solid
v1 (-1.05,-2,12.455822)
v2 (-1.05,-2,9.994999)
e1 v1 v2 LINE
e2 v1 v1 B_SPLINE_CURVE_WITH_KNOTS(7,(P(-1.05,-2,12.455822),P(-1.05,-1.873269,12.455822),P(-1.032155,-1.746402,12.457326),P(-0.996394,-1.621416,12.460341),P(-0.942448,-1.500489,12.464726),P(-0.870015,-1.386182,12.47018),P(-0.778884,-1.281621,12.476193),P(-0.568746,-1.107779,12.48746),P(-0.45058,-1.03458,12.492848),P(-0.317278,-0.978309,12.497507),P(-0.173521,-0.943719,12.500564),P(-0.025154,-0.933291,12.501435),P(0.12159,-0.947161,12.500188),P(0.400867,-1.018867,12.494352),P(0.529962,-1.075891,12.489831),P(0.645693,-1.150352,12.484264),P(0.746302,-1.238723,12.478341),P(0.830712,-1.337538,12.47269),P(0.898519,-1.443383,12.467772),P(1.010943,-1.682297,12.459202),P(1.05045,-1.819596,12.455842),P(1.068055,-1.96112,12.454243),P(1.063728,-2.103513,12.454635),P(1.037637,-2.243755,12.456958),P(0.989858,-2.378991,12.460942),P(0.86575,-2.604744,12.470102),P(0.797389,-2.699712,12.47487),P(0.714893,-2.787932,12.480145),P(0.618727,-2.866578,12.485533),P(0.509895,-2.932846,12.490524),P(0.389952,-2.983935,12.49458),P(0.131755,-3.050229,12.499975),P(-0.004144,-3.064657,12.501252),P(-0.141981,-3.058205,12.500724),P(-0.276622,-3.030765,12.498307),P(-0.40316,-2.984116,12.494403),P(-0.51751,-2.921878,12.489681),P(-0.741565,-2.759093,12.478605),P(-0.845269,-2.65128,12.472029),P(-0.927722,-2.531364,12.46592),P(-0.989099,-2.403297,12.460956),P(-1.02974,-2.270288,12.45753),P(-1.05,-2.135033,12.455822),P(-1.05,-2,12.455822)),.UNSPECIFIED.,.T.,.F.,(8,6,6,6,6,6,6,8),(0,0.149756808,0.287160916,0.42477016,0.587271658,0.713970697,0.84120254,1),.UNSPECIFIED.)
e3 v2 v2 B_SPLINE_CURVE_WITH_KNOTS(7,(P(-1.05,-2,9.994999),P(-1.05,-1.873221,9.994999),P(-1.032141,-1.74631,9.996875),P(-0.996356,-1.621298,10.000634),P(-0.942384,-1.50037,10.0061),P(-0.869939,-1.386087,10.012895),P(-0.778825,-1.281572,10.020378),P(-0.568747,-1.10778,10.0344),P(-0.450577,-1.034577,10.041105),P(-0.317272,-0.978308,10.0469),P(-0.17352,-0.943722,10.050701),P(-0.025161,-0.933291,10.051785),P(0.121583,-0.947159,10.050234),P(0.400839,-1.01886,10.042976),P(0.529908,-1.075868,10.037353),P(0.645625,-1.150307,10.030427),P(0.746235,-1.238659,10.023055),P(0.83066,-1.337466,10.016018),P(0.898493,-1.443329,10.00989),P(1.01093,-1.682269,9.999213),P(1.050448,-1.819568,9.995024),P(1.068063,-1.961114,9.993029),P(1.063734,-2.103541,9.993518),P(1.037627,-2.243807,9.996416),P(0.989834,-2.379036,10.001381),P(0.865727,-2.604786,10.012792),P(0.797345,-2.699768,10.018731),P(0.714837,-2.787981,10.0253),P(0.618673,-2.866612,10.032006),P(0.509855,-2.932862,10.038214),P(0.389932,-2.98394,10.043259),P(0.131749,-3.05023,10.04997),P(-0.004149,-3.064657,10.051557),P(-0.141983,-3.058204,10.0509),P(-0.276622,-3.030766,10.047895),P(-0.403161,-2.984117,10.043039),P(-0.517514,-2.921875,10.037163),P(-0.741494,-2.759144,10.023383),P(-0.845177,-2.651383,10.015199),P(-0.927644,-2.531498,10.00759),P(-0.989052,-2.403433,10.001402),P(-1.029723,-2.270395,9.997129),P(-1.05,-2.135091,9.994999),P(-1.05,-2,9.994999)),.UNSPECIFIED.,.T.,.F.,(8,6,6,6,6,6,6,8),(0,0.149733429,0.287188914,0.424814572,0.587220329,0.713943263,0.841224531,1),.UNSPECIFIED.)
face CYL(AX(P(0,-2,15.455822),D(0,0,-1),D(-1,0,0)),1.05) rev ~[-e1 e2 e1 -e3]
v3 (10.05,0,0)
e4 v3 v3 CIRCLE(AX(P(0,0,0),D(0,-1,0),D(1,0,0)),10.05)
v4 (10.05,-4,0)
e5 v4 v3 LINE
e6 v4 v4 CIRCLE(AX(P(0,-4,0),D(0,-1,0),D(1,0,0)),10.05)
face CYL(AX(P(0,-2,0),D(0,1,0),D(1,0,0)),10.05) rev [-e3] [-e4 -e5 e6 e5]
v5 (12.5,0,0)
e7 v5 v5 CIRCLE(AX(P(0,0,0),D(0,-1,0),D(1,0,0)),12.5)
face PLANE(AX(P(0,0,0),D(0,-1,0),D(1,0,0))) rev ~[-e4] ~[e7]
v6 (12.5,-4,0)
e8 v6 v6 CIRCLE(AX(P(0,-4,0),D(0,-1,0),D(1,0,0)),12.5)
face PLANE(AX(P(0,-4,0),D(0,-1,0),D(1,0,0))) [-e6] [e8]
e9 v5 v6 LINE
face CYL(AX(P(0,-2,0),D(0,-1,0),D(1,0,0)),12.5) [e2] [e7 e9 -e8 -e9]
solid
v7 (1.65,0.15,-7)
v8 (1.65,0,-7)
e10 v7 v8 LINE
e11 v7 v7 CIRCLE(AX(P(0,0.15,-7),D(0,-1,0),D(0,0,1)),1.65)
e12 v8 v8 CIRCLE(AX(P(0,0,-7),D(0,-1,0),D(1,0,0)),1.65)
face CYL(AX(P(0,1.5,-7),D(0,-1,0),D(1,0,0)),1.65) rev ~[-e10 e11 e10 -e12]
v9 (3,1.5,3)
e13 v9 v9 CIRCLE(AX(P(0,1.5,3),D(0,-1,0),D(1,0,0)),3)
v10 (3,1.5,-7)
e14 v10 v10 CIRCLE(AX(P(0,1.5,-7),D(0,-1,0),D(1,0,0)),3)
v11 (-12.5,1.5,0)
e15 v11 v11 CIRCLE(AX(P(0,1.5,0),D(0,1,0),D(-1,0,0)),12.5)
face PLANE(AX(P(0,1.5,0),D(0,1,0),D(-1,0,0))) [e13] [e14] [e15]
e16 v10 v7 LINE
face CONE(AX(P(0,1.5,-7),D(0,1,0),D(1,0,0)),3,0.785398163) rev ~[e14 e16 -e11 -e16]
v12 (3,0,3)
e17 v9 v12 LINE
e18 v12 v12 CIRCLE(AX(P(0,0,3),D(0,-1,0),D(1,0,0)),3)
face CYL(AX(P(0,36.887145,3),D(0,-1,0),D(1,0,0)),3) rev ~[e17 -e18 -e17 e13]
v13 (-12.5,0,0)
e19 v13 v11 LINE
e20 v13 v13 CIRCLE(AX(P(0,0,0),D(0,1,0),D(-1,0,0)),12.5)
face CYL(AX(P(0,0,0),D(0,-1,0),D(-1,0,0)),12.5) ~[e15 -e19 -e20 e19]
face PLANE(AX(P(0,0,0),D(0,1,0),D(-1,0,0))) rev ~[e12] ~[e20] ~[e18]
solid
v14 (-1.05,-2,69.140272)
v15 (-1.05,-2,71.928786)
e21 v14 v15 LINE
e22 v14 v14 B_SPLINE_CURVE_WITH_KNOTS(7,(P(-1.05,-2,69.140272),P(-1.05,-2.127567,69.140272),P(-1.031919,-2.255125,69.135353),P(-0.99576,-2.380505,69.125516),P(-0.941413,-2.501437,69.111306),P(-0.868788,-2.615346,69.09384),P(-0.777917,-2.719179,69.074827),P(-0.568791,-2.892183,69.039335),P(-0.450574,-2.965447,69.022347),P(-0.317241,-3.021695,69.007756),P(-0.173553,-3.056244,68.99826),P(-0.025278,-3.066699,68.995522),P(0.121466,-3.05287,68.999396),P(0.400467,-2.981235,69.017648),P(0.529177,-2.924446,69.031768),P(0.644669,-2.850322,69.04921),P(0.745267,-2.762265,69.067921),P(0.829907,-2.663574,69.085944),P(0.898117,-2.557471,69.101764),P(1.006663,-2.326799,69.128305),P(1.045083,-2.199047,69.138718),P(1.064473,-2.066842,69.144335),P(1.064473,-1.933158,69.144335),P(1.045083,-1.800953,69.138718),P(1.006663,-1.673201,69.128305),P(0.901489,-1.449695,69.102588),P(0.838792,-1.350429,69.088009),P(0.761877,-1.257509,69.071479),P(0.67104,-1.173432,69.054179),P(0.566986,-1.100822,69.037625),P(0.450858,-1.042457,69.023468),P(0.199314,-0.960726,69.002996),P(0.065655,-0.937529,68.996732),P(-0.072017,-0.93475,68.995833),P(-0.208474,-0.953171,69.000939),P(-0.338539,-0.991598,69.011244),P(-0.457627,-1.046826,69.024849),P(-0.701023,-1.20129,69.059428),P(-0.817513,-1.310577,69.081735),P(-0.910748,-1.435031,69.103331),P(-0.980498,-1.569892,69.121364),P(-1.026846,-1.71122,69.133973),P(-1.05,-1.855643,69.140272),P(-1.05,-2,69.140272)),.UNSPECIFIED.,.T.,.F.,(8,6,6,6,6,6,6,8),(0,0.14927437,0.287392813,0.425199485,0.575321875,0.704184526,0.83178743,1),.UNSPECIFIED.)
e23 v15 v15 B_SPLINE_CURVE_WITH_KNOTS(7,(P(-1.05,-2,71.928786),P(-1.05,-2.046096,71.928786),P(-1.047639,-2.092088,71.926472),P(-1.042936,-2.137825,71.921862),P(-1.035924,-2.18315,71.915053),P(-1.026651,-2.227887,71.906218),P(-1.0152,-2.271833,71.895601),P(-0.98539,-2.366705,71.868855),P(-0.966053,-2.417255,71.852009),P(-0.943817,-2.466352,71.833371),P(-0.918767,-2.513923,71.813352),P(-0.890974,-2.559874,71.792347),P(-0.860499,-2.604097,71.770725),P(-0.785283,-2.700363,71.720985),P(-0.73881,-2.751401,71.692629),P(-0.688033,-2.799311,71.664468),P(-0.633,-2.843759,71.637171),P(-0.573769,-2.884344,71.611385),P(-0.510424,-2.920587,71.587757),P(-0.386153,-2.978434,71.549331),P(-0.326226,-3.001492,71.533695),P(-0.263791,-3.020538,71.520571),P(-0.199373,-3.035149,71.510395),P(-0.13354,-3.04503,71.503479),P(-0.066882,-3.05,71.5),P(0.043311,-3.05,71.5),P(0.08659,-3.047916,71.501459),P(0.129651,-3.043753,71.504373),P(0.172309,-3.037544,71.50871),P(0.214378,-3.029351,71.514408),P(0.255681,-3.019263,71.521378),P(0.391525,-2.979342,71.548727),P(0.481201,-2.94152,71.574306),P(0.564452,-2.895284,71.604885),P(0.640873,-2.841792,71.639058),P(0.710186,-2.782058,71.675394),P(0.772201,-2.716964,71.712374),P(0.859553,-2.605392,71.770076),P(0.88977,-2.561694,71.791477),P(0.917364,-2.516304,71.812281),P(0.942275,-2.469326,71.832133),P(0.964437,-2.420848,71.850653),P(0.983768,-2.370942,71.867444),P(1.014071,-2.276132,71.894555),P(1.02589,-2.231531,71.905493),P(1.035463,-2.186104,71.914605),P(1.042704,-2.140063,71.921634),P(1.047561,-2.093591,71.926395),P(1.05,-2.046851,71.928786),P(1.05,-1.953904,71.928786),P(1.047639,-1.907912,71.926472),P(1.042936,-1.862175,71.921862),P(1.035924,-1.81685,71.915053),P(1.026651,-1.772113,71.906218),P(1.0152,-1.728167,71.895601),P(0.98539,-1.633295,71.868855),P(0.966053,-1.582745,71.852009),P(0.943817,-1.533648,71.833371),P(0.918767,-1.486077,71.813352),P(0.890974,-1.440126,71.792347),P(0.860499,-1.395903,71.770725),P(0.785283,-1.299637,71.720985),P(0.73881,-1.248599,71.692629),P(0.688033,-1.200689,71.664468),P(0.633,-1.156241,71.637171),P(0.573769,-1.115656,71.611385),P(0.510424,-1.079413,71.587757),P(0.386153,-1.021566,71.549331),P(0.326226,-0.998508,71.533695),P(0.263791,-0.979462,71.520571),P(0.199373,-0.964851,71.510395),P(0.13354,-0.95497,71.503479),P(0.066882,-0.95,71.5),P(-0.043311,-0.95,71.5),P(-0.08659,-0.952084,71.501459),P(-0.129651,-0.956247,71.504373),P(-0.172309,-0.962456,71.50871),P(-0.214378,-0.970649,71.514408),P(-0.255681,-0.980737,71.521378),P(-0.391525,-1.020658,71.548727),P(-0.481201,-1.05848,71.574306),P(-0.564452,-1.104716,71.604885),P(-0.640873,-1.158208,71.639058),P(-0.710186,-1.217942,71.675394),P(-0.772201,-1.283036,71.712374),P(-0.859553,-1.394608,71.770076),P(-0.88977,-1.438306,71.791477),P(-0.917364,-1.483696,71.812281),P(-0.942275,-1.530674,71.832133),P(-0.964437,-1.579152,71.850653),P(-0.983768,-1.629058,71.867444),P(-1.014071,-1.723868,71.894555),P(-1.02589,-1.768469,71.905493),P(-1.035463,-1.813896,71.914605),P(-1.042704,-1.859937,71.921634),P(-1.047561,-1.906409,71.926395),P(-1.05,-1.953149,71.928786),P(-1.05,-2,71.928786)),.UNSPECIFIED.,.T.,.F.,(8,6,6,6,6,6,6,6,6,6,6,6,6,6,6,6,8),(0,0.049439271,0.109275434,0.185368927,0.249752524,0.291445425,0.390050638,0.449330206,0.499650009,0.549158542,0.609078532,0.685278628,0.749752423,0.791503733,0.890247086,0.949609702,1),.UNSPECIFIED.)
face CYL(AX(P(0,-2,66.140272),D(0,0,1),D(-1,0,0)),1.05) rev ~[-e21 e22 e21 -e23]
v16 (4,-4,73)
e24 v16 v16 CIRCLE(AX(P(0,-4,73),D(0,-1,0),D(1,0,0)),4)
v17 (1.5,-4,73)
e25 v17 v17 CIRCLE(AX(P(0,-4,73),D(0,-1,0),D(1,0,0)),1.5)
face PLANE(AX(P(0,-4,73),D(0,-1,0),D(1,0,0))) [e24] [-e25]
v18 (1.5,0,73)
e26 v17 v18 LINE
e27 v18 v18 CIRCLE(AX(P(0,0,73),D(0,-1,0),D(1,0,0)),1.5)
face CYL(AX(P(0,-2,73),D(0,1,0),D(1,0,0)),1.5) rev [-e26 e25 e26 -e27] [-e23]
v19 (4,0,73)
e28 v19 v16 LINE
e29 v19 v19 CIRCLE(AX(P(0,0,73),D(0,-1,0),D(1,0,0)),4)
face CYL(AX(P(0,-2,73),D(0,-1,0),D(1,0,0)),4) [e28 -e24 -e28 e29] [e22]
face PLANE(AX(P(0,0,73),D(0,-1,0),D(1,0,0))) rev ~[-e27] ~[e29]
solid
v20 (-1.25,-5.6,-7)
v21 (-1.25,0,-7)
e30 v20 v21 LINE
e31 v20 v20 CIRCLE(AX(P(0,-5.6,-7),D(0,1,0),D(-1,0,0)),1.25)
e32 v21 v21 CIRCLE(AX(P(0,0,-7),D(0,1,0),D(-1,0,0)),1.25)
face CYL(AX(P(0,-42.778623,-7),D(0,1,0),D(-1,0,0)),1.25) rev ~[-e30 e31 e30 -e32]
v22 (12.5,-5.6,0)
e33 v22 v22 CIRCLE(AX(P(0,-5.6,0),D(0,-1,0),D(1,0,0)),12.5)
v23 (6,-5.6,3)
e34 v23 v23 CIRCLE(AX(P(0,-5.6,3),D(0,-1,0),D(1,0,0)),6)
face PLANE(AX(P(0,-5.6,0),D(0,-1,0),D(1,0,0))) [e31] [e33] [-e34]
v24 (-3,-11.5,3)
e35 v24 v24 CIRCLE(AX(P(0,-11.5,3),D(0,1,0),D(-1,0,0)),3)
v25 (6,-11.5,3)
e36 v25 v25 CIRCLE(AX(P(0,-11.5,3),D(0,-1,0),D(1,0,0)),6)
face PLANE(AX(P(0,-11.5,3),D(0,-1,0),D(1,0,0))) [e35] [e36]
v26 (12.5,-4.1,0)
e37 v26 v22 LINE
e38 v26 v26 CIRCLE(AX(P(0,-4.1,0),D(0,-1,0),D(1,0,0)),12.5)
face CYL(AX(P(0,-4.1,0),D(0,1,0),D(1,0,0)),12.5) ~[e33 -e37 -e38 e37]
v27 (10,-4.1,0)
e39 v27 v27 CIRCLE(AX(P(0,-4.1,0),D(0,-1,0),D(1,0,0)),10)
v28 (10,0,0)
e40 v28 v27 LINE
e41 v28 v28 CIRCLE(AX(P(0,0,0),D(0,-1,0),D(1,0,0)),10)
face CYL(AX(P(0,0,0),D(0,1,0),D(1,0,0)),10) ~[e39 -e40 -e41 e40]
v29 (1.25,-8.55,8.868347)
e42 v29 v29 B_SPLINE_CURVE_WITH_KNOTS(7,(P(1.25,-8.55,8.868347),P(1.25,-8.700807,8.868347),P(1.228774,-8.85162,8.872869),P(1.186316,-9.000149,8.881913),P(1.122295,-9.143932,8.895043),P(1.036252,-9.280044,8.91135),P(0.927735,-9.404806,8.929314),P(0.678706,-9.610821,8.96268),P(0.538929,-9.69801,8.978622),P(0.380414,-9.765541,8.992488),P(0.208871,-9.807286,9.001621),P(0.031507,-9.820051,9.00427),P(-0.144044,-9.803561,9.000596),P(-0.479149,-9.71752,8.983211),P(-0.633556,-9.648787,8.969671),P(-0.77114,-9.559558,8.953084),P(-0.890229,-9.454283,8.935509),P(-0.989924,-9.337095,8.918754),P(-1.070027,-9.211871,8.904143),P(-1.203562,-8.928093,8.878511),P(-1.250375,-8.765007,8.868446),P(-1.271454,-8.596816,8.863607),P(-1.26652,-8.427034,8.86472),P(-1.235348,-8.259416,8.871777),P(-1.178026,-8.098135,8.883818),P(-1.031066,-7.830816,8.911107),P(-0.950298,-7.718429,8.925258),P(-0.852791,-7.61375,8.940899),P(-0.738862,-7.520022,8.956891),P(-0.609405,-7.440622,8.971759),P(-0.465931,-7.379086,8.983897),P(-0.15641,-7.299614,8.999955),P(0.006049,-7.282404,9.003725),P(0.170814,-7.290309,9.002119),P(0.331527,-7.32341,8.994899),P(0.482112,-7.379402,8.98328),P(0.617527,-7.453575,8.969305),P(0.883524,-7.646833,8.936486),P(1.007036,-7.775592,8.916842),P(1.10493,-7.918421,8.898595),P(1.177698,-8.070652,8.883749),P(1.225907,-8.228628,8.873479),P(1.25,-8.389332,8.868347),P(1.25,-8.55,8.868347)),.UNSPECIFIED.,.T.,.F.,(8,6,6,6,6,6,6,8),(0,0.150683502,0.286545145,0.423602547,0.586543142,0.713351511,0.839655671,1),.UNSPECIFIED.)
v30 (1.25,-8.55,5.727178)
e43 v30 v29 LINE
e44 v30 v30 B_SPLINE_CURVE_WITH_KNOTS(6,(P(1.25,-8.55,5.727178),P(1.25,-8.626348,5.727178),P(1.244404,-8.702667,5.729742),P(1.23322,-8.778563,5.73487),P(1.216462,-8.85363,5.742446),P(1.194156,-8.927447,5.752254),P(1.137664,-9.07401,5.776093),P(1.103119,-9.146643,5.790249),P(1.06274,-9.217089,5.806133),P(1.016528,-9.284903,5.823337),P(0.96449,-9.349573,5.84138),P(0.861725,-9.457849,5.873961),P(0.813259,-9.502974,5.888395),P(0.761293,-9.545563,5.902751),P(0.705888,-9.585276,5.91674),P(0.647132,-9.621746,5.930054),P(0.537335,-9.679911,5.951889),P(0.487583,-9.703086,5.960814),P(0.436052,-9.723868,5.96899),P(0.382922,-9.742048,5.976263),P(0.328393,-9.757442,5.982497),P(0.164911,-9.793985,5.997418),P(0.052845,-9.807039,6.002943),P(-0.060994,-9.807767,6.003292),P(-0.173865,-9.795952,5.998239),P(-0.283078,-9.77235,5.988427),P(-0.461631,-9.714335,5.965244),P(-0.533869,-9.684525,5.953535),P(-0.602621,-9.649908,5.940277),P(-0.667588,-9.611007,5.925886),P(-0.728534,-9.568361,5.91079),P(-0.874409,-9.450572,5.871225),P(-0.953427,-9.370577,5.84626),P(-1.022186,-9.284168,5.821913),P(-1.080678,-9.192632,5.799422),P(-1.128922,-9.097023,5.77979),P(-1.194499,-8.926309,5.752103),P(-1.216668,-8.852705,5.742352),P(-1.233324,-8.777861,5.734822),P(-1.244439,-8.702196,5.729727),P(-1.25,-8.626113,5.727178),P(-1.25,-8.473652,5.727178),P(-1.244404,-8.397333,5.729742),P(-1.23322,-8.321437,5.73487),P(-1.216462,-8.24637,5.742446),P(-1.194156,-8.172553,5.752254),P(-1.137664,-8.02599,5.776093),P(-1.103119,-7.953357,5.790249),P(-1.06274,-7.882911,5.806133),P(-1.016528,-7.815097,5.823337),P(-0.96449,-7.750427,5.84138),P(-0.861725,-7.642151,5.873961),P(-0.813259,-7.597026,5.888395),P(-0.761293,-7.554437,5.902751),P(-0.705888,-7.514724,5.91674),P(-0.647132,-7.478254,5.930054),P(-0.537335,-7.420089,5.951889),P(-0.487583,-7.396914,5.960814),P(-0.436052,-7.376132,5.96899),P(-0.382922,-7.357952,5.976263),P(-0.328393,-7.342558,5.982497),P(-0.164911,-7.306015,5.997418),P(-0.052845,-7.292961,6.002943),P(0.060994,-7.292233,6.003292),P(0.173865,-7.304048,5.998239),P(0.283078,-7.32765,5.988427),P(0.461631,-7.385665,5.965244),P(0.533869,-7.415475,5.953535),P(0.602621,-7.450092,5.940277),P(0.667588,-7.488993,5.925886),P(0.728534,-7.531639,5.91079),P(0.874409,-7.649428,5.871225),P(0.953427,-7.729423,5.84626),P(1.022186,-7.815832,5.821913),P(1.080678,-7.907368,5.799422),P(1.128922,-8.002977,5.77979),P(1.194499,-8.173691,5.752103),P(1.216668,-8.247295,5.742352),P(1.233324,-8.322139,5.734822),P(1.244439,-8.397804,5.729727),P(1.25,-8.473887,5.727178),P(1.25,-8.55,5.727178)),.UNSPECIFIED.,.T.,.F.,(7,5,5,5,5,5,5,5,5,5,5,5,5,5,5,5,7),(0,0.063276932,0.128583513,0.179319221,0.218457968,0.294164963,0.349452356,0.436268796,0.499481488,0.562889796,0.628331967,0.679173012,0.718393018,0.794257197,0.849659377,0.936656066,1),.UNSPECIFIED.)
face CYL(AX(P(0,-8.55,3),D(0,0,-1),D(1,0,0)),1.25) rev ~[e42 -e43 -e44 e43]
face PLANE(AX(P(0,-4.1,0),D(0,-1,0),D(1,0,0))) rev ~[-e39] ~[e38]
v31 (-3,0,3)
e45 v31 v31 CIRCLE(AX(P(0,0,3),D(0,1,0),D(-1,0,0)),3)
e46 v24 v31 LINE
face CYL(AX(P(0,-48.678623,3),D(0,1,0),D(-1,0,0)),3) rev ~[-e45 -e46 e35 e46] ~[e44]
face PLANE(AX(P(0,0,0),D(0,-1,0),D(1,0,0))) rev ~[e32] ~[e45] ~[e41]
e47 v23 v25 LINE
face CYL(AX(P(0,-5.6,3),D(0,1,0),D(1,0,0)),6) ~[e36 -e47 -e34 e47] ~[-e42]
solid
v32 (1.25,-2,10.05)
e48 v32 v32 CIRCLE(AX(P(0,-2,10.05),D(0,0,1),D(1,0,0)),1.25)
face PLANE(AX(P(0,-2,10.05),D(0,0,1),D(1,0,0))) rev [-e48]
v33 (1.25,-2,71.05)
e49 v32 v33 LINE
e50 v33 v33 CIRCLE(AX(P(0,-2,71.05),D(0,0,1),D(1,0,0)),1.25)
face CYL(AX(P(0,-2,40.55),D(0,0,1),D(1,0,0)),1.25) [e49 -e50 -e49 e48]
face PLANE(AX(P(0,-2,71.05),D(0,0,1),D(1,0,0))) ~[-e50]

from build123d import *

# Parameters (mm, degrees)
F0_R            = 10
F1_DEPTH        = 4.1
F2_R            = 12.5
F3_DEPTH        = 1.5
F4_R            = 6
F5_DEPTH        = 5.9
F7_D            = 6
F9_D            = 2.5
F12_D           = 2.5
F12_DEPTH       = 9.501
F13_R           = 12.5
F14_DEPTH       = 1.5
F16_D           = 3.3
F16_CSINK_D     = 6
F16_CSINK_ANGLE = 90
F17_D           = 6
F19_R           = 12.5
F19_R_2         = 10.05
F20_DEPTH       = 2
F23_D           = 2.1
F23_DEPTH       = 3
F23_START       = 0.0441782
F23_TIP         = 0.63090365
F24_R           = 4
F24_R_2         = 1.5
F25_DEPTH       = 2
F28_D           = 2.1
F28_DEPTH       = 3
F28_START       = 0.1402721
F28_TIP         = 0.63090365
F29_W           = 1.25
F29_H           = 61


with BuildPart() as f1:
    # F0 (on Front) → F1 (new body)
    with BuildSketch(Plane.XZ):
        Circle(F0_R)
    extrude(amount=F1_DEPTH)

    # F2 (on face) → F3 (join)
    with BuildSketch(Plane.XZ.offset(4.1)):
        Circle(F2_R)
    extrude(amount=F3_DEPTH)

    # F4 (on face) → F5 (join)
    with BuildSketch(Plane.XZ.offset(5.6)):
        with Locations((0, 3)):
            Circle(F4_R)
    extrude(amount=F5_DEPTH)

    # F7 (through all)
    with Locations(Plane.XZ.offset(11.5)):
        with Locations((0, 3)):
            Hole(F7_D / 2)

    # F9 (through all)
    with Locations(Plane.XZ.offset(5.6)):
        with Locations((0, -7)):
            Hole(F9_D / 2)

    # F12 (through all, one way)
    with BuildSketch(Plane(origin=(0, 0, 3), x_dir=(1, 0, 0), z_dir=(0, 0, -1))):
        with Locations((0, 8.55)):
            Circle(F12_D / 2)
    extrude(amount=-F12_DEPTH, mode=Mode.SUBTRACT)


with BuildPart() as f14:
    # F13 (on face) → F14 (new body)
    with BuildSketch(Plane(origin=(0, 0, 0), x_dir=(-1, 0, 0), z_dir=(0, 1, 0))):
        Circle(F13_R)
    extrude(amount=F14_DEPTH)

    # F16 (through all)
    with Locations(Plane(origin=(0, 1.5, 0), x_dir=(-1, 0, 0), z_dir=(0, 1, 0))):
        with Locations((0, -7)):
            CounterSinkHole(F16_D / 2, F16_CSINK_D / 2, counter_sink_angle=F16_CSINK_ANGLE)

    # F17 (through all)
    with Locations(Plane(origin=(0, 1.5, 0), x_dir=(-1, 0, 0), z_dir=(0, 1, 0))):
        with Locations((0, 3)):
            Hole(F17_D / 2)


with BuildPart() as f20:
    # F19 (on offset) → F20 (new body, symmetric)
    with BuildSketch(Plane.XZ.offset(2)):
        Circle(F19_R)
        Circle(F19_R_2, mode=Mode.SUBTRACT)
    extrude(amount=F20_DEPTH, both=True)

    # F23
    # its depths count from where the whole tool has entered the part; down to there all is cleared
    with Locations(Plane.XY.offset(12.5).offset(-F23_START)):
        with Locations((0, -2)):
            Hole(F23_D / 2, depth=F23_DEPTH)
            with Locations((0, 0, -(F23_DEPTH + F23_TIP / 2))):  # 118° drill point
                Cone(0, F23_D / 2, F23_TIP, mode=Mode.SUBTRACT)


with BuildPart() as f25:
    # F24 (on offset) → F25 (new body, symmetric)
    with BuildSketch(Plane.XZ.offset(2)):
        with Locations((0, 73)):
            Circle(F24_R)
        with Locations((0, 73)):
            Circle(F24_R_2, mode=Mode.SUBTRACT)
    extrude(amount=F25_DEPTH, both=True)

    # F28
    # its depths count from where the whole tool has entered the part; down to there all is cleared
    with Locations(Plane(origin=(0, 0, 69), x_dir=(1, 0, 0), z_dir=(0, 0, -1)).offset(-F28_START)):
        with Locations((0, 2)):
            Hole(F28_D / 2, depth=F28_DEPTH)
            with Locations((0, 0, -(F28_DEPTH + F28_TIP / 2))):  # 118° drill point
                Cone(0, F28_D / 2, F28_TIP, mode=Mode.SUBTRACT)


with BuildPart() as f30:
    # F29 (on offset) → F30 (revolve)
    with BuildSketch(Plane.XZ.offset(2)):
        with Locations((0.625, 40.55)):
            Rectangle(F29_W, F29_H)
    revolve(axis=Axis((0, -2, 36.5), (0, 0, 1)))


solid = Compound([f1.part, f14.part, f20.part, f25.part, f30.part])
